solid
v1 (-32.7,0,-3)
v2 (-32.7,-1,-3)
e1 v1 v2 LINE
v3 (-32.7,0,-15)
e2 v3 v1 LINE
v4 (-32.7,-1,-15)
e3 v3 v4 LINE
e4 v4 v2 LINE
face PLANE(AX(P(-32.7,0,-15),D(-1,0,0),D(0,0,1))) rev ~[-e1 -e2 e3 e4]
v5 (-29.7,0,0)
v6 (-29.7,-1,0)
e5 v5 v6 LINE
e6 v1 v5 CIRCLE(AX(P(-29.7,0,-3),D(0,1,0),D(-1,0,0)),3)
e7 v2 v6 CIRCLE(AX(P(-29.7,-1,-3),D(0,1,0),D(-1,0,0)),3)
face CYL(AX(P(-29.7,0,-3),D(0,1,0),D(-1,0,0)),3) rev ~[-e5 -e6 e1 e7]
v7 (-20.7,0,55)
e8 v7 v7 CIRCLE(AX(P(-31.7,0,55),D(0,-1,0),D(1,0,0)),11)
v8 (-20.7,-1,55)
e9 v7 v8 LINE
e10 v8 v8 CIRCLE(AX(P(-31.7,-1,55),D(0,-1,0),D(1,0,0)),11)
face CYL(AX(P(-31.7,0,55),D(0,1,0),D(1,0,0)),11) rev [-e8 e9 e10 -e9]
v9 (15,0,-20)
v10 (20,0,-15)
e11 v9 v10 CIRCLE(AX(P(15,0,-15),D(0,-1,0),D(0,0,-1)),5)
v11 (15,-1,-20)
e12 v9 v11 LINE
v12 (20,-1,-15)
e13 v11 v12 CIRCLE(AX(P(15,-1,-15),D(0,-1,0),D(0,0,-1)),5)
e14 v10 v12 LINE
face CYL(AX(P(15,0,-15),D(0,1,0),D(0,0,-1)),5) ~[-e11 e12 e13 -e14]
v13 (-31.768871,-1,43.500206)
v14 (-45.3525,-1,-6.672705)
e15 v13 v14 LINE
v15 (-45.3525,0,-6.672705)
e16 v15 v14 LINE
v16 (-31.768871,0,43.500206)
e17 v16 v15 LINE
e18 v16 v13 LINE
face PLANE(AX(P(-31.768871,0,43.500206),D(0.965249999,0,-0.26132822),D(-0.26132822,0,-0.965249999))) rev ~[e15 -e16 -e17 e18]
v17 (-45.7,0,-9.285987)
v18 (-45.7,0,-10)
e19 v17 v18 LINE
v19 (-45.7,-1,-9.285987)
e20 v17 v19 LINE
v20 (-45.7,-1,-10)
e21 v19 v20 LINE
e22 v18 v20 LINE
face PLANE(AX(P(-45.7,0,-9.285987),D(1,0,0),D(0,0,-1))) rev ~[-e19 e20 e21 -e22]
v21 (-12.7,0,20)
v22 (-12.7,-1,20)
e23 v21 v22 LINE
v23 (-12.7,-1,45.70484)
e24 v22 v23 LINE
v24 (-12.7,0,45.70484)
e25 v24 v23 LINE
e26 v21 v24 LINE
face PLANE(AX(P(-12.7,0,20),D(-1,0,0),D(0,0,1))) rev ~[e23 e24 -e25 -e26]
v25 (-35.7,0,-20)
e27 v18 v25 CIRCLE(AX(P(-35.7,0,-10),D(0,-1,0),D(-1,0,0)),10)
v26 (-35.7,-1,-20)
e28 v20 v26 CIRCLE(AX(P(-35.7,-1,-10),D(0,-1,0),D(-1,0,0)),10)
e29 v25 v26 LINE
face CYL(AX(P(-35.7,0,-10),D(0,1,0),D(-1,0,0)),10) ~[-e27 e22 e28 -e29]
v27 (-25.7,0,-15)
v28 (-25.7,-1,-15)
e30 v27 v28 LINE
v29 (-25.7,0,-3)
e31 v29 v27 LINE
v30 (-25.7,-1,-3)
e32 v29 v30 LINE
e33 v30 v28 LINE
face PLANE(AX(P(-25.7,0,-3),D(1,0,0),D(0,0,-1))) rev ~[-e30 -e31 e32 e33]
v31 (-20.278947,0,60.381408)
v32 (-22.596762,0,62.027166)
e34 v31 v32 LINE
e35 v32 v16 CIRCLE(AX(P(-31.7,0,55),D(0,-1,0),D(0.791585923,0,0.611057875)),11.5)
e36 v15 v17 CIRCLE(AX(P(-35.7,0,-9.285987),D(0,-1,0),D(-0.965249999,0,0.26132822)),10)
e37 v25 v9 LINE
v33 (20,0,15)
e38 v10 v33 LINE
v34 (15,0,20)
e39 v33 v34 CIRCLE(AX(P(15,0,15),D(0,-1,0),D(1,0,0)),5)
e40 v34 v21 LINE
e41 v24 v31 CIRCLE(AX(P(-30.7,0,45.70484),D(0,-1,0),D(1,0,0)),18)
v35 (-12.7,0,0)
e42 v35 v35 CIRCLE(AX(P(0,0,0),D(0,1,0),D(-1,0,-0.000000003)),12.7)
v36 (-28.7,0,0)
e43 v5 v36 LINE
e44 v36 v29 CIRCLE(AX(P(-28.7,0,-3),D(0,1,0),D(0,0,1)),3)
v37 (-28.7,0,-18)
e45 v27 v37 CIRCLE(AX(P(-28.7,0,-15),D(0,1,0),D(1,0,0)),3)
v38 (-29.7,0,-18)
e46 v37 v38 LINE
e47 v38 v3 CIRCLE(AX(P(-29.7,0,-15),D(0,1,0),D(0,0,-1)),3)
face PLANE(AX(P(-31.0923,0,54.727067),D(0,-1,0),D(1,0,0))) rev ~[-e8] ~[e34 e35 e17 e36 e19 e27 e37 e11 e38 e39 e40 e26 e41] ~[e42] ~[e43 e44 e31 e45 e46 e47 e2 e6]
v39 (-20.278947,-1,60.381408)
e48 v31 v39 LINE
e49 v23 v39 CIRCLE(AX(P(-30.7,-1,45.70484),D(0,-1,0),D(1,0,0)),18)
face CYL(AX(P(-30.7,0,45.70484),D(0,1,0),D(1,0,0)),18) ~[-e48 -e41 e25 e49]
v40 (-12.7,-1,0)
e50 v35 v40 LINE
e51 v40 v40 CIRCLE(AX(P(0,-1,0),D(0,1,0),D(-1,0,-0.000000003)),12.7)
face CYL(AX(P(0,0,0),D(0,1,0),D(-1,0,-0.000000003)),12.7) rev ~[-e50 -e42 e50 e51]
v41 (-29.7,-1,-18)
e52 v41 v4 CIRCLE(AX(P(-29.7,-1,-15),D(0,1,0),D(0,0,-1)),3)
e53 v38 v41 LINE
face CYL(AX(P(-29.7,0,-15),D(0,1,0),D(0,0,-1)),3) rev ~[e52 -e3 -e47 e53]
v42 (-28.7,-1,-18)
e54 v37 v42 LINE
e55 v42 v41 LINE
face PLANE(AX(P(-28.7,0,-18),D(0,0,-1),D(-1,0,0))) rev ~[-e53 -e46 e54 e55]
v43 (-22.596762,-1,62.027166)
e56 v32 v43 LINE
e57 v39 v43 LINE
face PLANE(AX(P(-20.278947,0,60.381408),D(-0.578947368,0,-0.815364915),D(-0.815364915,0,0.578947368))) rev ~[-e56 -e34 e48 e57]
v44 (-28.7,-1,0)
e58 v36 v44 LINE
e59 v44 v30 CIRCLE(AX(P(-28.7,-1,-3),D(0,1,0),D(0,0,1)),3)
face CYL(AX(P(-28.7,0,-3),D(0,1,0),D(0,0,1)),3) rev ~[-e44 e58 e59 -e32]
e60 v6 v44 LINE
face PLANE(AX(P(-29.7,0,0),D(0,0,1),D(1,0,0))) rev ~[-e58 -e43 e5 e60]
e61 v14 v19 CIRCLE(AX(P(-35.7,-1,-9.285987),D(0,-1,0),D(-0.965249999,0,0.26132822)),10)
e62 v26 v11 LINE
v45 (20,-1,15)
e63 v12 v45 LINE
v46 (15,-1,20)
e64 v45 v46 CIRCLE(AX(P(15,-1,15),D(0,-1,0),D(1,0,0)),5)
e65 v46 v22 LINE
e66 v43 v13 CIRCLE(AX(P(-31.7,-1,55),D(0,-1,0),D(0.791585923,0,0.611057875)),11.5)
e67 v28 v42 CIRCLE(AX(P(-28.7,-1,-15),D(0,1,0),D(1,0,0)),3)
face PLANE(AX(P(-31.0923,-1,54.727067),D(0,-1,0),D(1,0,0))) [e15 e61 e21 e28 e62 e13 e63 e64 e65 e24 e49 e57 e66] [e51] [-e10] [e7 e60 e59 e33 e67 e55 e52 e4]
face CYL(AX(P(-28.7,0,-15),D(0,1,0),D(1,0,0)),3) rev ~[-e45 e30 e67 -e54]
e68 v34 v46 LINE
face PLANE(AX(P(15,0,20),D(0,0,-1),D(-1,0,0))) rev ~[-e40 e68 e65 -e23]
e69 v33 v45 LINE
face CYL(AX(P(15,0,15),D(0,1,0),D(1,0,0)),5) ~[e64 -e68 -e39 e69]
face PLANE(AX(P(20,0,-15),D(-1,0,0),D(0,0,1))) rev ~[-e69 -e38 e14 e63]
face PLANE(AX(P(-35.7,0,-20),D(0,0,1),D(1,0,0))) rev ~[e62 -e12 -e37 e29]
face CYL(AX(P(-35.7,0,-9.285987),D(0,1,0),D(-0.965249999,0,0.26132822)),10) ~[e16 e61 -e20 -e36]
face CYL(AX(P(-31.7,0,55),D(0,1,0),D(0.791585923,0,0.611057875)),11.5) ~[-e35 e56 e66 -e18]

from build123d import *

# Parameters (mm, degrees)
F0_R     = 11
F1_DEPTH = 1


with BuildPart() as f1:
    # F0 (on Front) → F1 (new body)
    with BuildSketch(Plane.XZ):
        with BuildLine():
            ThreePointArc((-20.2, 55), (-20.815670936, 58.7123282218), (-22.5967618828, 62.0271655581))
            ThreePointArc((-22.5967618828, 62.0271655581), (-42.0061632577, 60.1022542964), (-31.7688713732, 43.5002062308))
            ThreePointArc((-31.7688713732, 43.5002062308), (-23.5926582899, 46.8439586565), (-20.2, 55))
        make_face()
        with Locations((-31.7, 55)):
            Circle(F0_R, mode=Mode.SUBTRACT)
        with BuildLine():
            Line((-20, 20), (-12.7, 20))
            Line((-12.7, 20), (-12.7, 45.7048399691))
            ThreePointArc((-12.7, 45.7048399691), (-14.7065803005, 53.9638063884), (-20.2789473684, 60.3814084389))
            Line((-20.2789473684, 60.3814084389), (-22.5967618828, 62.0271655581))
            ThreePointArc((-22.5967618828, 62.0271655581), (-20.815670936, 58.7123282218), (-20.2, 55))
            ThreePointArc((-20.2, 55), (-23.5926582899, 46.8439586565), (-31.7688713732, 43.5002062308))
            Line((-31.7688713732, 43.5002062308), (-45.3524999934, -6.6727046639))
            ThreePointArc((-45.3524999934, -6.6727046639), (-45.6127443207, -7.9678442227), (-45.7, -9.2859868679))
            Line((-45.7, -9.2859868679), (-45.7, -10))
            ThreePointArc((-45.7, -10), (-42.7710678119, -17.0710678119), (-35.7, -20))
            Line((-35.7, -20), (-20, -20))
            Line((-20, -20), (-20, 20))
        make_face()
        with BuildLine():
            ThreePointArc((-32.7, -3), (-31.8213203436, -0.8786796564), (-29.7, 0))
            Line((-29.7, 0), (-28.7, 0))
            ThreePointArc((-28.7, 0), (-26.5786796564, -0.8786796564), (-25.7, -3))
            Line((-25.7, -3), (-25.7, -15))
            ThreePointArc((-25.7, -15), (-26.5786796564, -17.1213203436), (-28.7, -18))
            Line((-28.7, -18), (-29.7, -18))
            ThreePointArc((-29.7, -18), (-31.8213203436, -17.1213203436), (-32.7, -15))
            Line((-32.7, -15), (-32.7, -3))
        make_face(mode=Mode.SUBTRACT)
        with BuildLine():
            Line((-12.7, 20), (-12.7, -1.15e-08))
            Line((-12.7, -1.15e-08), (-12.7, -20))
            Line((-12.7, -20), (15, -20))
            ThreePointArc((15, -20), (18.5355339059, -18.5355339059), (20, -15))
            Line((20, -15), (20, 15))
            ThreePointArc((20, 15), (18.5355339059, 18.5355339059), (15, 20))
            Line((15, 20), (-12.7, 20))
        make_face()
        with BuildLine():
            ThreePointArc((-12.7, -1.15e-08), (-5.7e-09, 12.7), (12.7, 0))
            ThreePointArc((12.7, 0), (5.7e-09, -12.7), (-12.7, -1.15e-08))
        make_face(mode=Mode.SUBTRACT)
        Polygon((-12.7, -20), (-12.7, -1.15e-08), (-12.7, 20), (-20, 20), (-20, -20), align=None)
    extrude(amount=F1_DEPTH)


solid = f1.part
